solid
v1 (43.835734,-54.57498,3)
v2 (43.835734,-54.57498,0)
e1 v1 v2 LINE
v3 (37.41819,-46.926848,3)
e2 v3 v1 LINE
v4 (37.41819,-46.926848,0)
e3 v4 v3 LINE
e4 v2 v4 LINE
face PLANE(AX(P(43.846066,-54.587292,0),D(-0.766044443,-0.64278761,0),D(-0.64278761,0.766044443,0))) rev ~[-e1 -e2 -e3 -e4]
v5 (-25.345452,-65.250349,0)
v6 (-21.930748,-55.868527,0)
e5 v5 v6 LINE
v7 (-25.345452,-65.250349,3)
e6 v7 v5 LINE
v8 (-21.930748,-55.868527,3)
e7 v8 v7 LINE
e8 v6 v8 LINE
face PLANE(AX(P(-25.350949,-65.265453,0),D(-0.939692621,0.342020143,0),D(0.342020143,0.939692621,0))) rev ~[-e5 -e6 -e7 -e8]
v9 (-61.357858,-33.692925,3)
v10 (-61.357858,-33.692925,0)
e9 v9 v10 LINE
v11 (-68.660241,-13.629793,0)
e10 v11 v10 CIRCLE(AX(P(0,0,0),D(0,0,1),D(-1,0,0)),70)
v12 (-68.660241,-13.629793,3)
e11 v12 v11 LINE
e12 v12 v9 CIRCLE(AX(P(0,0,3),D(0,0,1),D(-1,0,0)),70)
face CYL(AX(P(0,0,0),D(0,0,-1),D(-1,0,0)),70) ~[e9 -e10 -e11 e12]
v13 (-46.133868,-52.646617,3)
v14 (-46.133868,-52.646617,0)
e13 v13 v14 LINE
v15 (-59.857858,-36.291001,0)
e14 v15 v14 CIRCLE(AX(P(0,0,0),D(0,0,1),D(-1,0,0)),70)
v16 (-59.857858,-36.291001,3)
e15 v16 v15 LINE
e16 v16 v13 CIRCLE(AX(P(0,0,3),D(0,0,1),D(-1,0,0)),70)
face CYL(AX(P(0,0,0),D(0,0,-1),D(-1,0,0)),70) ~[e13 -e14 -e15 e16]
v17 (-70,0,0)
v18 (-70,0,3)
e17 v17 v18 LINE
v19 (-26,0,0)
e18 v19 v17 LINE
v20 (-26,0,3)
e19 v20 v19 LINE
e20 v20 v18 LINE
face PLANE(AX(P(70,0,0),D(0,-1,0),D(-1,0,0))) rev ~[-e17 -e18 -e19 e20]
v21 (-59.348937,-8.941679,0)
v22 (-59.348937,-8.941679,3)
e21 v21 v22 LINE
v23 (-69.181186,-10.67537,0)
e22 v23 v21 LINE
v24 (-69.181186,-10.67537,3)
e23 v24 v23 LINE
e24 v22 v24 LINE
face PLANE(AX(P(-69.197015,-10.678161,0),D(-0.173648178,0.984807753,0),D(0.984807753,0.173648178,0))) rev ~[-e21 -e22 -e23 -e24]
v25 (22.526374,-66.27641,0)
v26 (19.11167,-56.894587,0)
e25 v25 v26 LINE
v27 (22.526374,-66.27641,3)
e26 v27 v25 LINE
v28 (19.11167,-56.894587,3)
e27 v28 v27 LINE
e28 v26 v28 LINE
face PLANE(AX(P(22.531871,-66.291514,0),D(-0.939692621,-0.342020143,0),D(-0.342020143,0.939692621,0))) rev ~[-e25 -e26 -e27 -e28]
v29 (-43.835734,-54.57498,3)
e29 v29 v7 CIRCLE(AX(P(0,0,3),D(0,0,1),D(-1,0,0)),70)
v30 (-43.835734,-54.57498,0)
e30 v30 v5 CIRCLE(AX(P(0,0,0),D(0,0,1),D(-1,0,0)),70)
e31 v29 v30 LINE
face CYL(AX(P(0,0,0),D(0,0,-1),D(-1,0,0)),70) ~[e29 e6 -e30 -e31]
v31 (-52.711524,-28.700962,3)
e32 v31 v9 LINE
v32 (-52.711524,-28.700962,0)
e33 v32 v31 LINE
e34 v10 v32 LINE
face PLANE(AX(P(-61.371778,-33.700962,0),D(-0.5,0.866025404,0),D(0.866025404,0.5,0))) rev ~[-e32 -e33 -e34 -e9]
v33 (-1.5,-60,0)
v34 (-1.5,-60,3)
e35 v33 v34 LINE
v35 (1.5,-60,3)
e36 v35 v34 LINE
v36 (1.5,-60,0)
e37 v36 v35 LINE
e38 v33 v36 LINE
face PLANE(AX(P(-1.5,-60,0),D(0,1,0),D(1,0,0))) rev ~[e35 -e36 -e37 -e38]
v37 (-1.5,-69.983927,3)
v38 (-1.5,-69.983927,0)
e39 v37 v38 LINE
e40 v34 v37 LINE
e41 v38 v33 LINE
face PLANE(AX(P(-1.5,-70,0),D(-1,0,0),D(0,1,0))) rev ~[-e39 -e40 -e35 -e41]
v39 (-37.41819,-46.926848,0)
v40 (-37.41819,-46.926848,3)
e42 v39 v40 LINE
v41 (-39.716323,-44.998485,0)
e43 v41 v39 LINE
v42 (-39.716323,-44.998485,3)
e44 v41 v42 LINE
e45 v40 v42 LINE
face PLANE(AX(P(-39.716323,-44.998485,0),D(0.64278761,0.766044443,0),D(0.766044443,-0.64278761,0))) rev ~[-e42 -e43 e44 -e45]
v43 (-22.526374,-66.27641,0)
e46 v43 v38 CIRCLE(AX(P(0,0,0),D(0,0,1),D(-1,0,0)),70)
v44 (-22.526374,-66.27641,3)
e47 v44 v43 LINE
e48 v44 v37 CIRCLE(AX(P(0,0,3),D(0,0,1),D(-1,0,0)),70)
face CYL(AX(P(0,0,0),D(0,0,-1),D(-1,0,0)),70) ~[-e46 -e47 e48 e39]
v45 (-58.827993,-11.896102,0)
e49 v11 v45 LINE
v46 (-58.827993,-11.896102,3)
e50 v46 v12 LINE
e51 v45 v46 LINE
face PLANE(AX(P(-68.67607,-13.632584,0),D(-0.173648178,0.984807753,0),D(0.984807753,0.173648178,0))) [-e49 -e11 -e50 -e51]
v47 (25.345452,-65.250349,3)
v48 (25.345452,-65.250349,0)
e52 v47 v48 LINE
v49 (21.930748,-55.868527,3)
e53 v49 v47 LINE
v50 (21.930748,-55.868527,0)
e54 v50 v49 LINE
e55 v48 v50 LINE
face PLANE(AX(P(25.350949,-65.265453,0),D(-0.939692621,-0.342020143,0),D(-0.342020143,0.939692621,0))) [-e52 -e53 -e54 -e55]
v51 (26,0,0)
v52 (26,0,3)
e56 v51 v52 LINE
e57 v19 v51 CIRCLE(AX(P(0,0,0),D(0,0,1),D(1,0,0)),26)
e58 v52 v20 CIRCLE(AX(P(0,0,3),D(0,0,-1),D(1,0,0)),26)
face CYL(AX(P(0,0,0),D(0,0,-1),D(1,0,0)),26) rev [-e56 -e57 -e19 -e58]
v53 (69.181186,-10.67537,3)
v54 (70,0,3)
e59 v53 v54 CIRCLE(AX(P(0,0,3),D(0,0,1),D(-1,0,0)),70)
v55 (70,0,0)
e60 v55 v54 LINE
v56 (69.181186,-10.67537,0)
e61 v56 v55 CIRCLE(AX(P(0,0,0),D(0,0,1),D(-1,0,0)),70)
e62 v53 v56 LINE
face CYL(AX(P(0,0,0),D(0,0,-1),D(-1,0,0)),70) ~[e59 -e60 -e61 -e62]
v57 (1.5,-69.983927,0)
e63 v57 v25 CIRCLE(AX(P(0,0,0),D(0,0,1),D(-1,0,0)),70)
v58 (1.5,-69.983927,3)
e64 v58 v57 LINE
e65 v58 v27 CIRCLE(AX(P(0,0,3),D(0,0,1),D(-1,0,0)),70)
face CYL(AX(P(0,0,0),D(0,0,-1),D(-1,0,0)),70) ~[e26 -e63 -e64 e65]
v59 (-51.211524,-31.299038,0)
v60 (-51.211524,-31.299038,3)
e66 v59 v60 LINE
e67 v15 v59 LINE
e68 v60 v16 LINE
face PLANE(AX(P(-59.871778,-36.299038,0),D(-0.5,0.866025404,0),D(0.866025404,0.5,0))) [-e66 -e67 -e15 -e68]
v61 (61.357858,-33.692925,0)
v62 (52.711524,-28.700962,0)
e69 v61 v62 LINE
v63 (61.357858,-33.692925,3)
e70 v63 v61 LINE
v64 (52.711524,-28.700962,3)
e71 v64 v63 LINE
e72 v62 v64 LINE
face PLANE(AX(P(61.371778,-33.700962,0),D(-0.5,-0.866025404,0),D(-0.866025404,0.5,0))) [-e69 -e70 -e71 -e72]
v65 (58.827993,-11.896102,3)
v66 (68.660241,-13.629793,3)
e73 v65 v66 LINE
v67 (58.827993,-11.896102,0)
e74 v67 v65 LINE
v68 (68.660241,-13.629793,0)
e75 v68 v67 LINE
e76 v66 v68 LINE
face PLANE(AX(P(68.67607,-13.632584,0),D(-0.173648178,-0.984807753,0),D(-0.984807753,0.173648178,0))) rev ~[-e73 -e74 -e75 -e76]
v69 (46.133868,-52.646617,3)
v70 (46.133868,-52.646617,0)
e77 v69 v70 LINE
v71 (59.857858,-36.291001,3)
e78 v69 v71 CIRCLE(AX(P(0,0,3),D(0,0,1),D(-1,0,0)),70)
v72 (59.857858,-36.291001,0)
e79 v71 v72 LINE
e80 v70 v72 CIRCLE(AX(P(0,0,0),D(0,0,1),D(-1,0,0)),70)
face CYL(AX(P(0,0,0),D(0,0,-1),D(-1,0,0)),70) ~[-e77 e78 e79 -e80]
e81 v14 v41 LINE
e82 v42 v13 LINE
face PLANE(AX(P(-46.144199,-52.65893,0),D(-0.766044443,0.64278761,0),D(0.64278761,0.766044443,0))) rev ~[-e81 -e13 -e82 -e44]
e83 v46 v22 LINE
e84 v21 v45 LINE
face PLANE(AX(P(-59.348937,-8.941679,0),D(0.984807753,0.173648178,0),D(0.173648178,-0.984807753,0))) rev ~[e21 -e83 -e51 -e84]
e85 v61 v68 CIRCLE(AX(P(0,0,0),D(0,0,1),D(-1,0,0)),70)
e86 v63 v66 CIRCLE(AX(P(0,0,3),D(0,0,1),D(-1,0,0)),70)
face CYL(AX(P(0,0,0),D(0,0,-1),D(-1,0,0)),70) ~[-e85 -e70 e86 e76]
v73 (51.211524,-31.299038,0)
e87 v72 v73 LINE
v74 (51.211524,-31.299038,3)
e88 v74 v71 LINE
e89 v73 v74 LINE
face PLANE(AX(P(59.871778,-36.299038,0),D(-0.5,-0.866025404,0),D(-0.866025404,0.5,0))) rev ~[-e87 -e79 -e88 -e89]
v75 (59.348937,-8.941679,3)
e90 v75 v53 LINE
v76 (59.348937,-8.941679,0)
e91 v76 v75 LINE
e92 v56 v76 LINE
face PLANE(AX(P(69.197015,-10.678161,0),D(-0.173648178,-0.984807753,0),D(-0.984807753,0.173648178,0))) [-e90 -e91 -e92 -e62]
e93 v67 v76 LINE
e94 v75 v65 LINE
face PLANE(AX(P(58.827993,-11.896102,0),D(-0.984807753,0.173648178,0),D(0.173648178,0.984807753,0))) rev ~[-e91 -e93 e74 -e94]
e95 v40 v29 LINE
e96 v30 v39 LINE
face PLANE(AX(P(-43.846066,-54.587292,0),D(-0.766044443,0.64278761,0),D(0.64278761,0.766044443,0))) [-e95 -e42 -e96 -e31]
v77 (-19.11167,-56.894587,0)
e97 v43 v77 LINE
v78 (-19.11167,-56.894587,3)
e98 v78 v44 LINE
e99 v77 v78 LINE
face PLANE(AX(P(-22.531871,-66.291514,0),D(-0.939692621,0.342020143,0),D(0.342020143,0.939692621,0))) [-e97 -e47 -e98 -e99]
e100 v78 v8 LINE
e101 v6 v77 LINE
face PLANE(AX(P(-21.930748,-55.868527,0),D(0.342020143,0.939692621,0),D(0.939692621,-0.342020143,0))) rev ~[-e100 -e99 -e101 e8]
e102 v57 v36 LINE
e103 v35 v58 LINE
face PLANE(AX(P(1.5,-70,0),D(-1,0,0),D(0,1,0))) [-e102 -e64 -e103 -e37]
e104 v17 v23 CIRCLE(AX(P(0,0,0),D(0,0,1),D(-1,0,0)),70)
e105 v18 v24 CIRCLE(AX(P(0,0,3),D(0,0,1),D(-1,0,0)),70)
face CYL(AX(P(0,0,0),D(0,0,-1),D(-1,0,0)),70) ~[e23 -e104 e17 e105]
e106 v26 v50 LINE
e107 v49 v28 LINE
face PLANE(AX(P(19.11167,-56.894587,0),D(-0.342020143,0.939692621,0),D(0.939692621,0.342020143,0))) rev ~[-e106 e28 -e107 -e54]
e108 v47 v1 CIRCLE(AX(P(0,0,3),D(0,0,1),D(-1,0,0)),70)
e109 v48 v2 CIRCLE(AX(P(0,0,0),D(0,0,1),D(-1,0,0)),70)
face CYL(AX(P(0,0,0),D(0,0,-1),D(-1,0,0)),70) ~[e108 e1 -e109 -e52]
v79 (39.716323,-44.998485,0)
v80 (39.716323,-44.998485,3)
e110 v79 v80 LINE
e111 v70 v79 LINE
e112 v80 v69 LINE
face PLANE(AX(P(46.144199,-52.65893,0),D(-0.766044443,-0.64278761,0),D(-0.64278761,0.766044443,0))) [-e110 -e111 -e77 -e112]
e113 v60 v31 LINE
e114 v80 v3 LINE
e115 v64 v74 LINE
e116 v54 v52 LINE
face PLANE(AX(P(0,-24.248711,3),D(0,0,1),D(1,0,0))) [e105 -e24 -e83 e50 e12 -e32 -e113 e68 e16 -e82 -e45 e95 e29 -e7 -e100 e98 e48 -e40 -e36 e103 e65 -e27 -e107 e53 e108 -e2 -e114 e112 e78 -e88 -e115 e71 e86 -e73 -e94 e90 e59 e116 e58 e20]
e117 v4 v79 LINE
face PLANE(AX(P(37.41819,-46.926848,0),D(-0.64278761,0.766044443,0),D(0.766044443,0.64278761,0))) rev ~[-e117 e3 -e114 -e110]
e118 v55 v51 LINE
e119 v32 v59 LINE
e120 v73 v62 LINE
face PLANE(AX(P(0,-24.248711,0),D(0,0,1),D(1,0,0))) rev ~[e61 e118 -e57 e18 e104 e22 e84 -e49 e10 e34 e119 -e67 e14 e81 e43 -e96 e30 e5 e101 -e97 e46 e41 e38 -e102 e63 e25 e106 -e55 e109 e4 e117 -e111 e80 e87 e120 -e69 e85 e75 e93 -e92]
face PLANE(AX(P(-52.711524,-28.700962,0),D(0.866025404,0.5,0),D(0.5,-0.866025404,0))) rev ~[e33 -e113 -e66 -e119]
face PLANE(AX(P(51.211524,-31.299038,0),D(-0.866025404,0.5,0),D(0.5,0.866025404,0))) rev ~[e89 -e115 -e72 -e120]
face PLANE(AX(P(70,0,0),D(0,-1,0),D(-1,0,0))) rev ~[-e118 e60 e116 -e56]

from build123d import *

# Parameters (mm, degrees)
BOSS_EXTRUDE1_DEPTH             = 3
SKETCH5_W                       = 3
SKETCH5_H                       = 10
CUT_EXTRUDE2_DEPTH              = 100.040395799
CIRPATTERN1_COUNT               = 5
CIRPATTERN1_ANGLE               = 80
CIRPATTERN1_THE_OTHER_WAY_COUNT = 5
CIRPATTERN1_THE_OTHER_WAY_ANGLE = 80
SKETCH6_R                       = 26
CUT_EXTRUDE3_DEPTH              = 100.029036146


with BuildPart() as part:
    # Sketch4 → Boss-Extrude1 (new body)
    with BuildSketch(Plane.XY):
        with BuildLine():
            Line((70, 0), (-70, 0))
            ThreePointArc((-70, 0), (0, -70), (70, 0))
        make_face()
    extrude(amount=BOSS_EXTRUDE1_DEPTH)

    # Sketch5 → Cut-Extrude2 (cut, through all)
    with BuildSketch(Plane.XY):
        with Locations((0, -65)):
            Rectangle(SKETCH5_W, SKETCH5_H)
    cut_extrude2 = extrude(amount=CUT_EXTRUDE2_DEPTH, mode=Mode.SUBTRACT)

    # CirPattern1: Cut-Extrude2 ×5 about axis
    cirpattern1_axis = Axis((0, 0, 3), (0, 0, -1))
    for i in range(1, CIRPATTERN1_COUNT):
        add(cut_extrude2.rotate(cirpattern1_axis, i * CIRPATTERN1_ANGLE / (CIRPATTERN1_COUNT - 1)), mode=Mode.SUBTRACT)

    # CirPattern1 the other way: Cut-Extrude2 ×5 about axis
    cirpattern1_the_other_way_axis = Axis((0, 0, 3), (0, 0, 1))
    for i in range(1, CIRPATTERN1_THE_OTHER_WAY_COUNT):
        add(cut_extrude2.rotate(cirpattern1_the_other_way_axis, i * CIRPATTERN1_THE_OTHER_WAY_ANGLE / (CIRPATTERN1_THE_OTHER_WAY_COUNT - 1)), mode=Mode.SUBTRACT)

    # Sketch6 → Cut-Extrude3 (cut, through all)
    with BuildSketch(Plane.XY):
        Circle(SKETCH6_R)
    extrude(amount=CUT_EXTRUDE3_DEPTH, mode=Mode.SUBTRACT)


solid = part.part
